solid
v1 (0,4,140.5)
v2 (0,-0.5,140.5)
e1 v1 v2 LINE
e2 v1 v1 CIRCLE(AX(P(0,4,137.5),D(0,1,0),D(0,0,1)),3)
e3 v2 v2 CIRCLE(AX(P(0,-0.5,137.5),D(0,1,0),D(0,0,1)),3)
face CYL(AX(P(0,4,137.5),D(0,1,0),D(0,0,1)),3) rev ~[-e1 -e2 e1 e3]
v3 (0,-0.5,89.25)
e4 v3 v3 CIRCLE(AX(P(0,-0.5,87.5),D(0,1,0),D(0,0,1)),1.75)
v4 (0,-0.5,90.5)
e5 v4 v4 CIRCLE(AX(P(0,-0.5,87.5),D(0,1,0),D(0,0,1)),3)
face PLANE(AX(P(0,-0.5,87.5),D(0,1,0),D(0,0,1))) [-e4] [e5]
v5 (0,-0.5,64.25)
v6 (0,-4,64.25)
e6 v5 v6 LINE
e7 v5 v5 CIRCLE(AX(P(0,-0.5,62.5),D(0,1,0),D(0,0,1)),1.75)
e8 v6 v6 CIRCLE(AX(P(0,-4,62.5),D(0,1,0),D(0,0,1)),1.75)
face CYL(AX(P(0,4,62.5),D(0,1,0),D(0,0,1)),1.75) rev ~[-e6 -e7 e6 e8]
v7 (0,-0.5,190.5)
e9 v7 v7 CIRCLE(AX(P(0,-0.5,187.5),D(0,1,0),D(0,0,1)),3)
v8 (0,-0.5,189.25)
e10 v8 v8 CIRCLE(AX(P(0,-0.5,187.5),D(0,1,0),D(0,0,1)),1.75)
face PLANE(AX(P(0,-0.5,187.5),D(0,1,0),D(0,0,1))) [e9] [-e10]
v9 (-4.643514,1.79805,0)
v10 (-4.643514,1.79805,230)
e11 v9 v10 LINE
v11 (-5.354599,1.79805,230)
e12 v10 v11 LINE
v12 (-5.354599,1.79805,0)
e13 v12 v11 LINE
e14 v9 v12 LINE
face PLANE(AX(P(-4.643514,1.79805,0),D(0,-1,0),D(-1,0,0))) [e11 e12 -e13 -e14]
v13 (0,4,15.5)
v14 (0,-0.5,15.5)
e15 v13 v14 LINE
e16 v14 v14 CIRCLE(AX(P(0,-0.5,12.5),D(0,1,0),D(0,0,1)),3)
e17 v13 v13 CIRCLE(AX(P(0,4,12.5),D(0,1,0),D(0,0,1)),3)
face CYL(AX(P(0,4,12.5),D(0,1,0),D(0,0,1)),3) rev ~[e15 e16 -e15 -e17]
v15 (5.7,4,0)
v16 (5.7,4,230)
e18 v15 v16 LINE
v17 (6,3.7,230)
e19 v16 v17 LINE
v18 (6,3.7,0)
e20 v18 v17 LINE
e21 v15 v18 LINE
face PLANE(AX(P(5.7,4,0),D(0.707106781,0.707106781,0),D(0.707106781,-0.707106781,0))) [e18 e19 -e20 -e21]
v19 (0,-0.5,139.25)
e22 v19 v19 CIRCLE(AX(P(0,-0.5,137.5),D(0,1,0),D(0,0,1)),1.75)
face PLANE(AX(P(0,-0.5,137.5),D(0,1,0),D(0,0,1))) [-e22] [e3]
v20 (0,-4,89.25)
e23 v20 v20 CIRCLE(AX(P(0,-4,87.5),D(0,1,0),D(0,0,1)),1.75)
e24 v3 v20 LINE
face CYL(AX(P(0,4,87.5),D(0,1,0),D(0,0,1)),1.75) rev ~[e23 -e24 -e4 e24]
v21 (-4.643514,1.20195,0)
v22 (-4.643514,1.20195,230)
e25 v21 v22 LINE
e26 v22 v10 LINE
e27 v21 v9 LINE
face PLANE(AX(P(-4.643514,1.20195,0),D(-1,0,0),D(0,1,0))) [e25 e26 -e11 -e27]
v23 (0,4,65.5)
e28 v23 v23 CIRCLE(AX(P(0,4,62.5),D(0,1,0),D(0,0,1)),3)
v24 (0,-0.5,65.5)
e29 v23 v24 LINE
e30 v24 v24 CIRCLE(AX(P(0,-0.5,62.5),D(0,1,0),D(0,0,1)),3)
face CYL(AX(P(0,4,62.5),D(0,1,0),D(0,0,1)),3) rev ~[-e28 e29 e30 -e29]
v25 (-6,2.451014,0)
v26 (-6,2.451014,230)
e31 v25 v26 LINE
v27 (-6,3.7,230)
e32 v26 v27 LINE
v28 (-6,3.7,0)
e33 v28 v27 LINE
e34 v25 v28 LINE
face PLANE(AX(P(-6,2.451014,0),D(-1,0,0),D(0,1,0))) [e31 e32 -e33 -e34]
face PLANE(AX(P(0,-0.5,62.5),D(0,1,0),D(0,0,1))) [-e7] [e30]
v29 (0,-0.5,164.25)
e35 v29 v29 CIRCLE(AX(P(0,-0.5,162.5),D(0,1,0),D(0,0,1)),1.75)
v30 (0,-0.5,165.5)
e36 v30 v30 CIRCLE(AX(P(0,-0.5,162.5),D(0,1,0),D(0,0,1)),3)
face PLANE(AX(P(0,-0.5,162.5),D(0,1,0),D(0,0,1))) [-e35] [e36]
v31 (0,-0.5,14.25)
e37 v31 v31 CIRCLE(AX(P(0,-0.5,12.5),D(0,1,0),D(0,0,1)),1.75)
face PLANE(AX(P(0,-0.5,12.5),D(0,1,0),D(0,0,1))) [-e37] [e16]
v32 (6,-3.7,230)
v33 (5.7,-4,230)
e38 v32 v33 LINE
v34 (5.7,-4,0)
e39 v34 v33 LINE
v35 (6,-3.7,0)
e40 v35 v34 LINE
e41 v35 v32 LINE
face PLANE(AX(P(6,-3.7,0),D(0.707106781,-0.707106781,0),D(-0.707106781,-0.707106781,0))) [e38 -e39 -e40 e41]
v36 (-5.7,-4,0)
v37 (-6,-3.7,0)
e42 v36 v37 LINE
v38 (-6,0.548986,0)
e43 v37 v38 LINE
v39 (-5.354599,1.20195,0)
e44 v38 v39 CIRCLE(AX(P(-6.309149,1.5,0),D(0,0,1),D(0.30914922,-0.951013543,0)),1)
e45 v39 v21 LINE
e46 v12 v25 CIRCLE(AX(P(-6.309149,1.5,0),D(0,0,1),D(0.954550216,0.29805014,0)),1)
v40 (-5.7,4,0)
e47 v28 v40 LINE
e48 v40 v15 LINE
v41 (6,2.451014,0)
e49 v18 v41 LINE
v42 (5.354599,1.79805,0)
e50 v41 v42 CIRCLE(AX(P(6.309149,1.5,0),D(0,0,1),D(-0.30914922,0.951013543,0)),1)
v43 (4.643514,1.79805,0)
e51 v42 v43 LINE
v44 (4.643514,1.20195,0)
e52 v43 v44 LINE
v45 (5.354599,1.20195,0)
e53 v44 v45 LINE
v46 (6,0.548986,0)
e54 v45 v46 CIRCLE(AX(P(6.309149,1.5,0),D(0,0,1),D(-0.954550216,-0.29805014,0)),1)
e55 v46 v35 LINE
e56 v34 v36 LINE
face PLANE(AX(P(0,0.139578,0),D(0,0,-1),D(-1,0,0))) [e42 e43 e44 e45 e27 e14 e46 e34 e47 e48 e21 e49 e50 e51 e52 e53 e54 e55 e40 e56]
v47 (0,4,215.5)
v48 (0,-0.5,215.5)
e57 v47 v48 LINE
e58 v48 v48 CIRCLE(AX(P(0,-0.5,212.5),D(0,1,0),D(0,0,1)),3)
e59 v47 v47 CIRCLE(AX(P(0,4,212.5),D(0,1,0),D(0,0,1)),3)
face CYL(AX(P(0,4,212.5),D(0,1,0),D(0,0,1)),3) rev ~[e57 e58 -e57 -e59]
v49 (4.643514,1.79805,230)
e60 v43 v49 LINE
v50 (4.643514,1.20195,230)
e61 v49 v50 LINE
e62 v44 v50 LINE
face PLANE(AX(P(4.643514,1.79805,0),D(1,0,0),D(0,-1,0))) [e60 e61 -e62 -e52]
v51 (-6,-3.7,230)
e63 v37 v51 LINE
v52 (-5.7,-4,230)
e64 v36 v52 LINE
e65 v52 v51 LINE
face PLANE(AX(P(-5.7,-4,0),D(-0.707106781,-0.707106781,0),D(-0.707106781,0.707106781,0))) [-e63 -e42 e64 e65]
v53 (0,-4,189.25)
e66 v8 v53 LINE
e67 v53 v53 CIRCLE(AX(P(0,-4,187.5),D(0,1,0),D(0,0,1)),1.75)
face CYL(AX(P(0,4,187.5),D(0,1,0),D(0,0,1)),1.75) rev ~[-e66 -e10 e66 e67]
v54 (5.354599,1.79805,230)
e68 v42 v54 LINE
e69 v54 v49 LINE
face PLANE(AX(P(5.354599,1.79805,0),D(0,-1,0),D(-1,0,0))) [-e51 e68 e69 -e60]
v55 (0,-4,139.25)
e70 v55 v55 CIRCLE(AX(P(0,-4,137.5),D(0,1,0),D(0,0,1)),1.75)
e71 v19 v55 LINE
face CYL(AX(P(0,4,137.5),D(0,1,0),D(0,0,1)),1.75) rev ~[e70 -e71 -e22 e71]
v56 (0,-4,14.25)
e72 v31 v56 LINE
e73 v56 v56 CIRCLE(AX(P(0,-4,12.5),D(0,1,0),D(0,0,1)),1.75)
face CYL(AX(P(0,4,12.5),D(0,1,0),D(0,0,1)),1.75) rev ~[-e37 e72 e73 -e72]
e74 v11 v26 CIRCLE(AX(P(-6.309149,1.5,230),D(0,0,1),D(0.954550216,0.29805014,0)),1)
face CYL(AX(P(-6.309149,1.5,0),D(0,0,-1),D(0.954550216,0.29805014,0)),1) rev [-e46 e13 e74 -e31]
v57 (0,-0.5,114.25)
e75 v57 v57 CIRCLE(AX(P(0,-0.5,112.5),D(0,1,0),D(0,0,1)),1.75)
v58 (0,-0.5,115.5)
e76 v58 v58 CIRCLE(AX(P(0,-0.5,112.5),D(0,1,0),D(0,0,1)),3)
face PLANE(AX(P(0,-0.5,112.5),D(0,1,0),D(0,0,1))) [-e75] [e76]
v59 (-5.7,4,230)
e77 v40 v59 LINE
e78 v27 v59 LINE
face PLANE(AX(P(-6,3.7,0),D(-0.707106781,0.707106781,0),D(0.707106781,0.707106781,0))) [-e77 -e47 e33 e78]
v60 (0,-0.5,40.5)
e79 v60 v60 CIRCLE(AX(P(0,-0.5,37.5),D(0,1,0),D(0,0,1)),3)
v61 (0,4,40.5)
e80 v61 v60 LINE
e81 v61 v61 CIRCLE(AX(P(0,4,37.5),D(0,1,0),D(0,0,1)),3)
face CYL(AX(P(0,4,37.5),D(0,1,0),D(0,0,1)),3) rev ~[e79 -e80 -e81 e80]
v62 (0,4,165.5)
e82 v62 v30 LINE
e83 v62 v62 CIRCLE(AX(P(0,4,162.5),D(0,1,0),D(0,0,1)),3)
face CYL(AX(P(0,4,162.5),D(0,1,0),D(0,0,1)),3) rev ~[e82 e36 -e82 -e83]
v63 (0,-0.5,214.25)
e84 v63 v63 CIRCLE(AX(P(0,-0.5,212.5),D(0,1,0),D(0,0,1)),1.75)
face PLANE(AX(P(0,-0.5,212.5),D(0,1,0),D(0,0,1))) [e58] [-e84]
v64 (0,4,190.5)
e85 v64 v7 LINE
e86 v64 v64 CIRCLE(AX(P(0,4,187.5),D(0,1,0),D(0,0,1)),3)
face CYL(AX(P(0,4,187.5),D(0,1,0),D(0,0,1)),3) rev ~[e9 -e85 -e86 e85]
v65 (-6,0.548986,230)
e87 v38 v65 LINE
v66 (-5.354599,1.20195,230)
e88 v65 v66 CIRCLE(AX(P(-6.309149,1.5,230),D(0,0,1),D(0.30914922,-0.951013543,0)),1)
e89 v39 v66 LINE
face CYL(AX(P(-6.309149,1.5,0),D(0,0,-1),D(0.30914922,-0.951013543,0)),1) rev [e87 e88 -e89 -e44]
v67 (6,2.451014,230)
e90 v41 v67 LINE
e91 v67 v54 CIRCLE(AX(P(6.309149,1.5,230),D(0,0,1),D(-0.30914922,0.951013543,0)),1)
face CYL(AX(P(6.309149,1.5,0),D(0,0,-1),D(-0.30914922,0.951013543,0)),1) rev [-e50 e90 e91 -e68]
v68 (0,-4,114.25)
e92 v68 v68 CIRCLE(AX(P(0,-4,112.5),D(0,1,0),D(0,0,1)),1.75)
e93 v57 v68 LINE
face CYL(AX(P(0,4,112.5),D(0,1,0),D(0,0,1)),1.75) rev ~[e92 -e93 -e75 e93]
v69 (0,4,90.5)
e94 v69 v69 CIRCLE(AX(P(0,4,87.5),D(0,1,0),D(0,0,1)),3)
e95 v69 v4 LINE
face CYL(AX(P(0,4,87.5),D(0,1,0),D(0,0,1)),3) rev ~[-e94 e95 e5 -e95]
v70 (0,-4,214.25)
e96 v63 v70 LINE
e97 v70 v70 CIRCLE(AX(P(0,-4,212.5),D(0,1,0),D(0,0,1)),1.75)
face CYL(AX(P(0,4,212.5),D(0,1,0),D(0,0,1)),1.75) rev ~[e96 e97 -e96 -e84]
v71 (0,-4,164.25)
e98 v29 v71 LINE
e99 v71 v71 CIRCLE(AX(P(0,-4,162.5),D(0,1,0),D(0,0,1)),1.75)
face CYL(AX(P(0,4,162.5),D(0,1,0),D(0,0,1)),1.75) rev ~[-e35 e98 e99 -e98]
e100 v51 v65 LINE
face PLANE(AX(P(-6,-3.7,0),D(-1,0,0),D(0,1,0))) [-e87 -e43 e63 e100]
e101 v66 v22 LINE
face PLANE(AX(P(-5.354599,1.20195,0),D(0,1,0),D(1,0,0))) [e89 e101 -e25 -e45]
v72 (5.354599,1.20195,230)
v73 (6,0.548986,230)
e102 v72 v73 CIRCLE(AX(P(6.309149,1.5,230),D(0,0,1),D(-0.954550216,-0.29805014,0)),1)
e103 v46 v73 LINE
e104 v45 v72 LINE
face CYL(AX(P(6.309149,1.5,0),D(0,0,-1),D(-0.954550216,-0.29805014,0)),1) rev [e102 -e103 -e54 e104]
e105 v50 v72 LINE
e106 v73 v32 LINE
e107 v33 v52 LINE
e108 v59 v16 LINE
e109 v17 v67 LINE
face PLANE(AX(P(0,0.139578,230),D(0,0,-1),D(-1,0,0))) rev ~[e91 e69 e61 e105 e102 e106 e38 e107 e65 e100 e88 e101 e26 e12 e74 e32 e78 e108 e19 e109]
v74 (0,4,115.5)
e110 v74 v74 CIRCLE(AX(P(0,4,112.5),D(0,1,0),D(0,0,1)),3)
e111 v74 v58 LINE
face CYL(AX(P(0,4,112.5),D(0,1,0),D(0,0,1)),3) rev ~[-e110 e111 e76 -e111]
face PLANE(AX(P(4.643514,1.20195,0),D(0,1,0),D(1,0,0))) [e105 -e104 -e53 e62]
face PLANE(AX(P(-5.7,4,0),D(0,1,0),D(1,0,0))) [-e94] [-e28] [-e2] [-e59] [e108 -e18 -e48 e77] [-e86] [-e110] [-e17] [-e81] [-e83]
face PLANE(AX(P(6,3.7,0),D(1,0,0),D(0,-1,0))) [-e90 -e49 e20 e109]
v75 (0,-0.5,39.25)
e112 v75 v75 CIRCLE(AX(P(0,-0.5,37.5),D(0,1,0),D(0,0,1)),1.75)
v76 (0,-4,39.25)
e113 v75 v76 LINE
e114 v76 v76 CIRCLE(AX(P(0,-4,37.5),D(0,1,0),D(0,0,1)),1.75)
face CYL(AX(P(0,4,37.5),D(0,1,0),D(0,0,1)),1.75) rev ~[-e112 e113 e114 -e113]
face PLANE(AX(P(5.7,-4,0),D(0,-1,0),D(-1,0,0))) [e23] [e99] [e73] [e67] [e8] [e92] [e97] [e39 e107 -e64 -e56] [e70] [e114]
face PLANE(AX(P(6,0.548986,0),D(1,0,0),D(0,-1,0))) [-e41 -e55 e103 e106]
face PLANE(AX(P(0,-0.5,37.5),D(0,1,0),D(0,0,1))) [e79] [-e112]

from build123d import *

# Parameters (mm, degrees)
EXTRUDE_1_DEPTH        = 230
SKETCH_2_R             = 3
SKETCH_2_R_2           = 1.75
CUT_EXTRUDE_1_DEPTH    = 4.5
SKETCH_2_2_R           = 1.75
CUT_EXTRUDE_2_DEPTH    = 231.217288664
PATTERN_LINEAR_1_COUNT = 10
PATTERN_LINEAR_1_PITCH = 25


with BuildPart() as part:
    # Эскиз1 → Бобышка-Вытянуть1 (new body)
    with BuildSketch(Plane.XY):
        with BuildLine():
            Line((-6, 3.7), (-5.7, 4))
            Line((-5.7, 4), (5.7, 4))
            Line((5.7, 4), (6, 3.7))
            Line((6, 3.7), (6, 2.451013544))
            ThreePointArc((6, 2.451013544), (5.597935912, 2.202976267), (5.354599002, 1.798050138))
            Line((5.354599002, 1.798050138), (4.643514056, 1.798050138))
            Line((4.643514056, 1.798050138), (4.643514056, 1.201949862))
            Line((4.643514056, 1.201949862), (5.354599002, 1.201949862))
            ThreePointArc((5.354599002, 1.201949862), (5.597935912, 0.797023733), (6, 0.548986456))
            Line((6, 0.548986456), (6, -3.7))
            Line((6, -3.7), (5.7, -4))
            Line((5.7, -4), (-5.7, -4))
            Line((-5.7, -4), (-6, -3.7))
            Line((-6, -3.7), (-6, 0.548986456))
            ThreePointArc((-6, 0.548986456), (-5.597935912, 0.797023733), (-5.354599002, 1.201949862))
            Line((-5.354599002, 1.201949862), (-4.643514056, 1.201949862))
            Line((-4.643514056, 1.201949862), (-4.643514056, 1.798050138))
            Line((-4.643514056, 1.798050138), (-5.354599002, 1.798050138))
            ThreePointArc((-5.354599002, 1.798050138), (-5.597935912, 2.202976267), (-6, 2.451013544))
            Line((-6, 2.451013544), (-6, 3.7))
        make_face()
    extrude(amount=EXTRUDE_1_DEPTH)

    # Эскиз2 → Вырез-Вытянуть1 (cut)
    with BuildSketch(Plane(origin=(0, 4, 0), x_dir=(1, 0, 0), z_dir=(0, 1, 0))):
        with Locations((0, -12.5)):
            Circle(SKETCH_2_R)
        with Locations((0, -12.5)):
            Circle(SKETCH_2_R_2, mode=Mode.SUBTRACT)
    cut_extrude_1 = extrude(amount=-CUT_EXTRUDE_1_DEPTH, mode=Mode.SUBTRACT)

    # Эскиз2<2> → Вырез-Вытянуть2 (cut, through all)
    with BuildSketch(Plane(origin=(0, 4, 0), x_dir=(1, 0, 0), z_dir=(0, 1, 0))):
        with Locations((0, -12.5)):
            Circle(SKETCH_2_2_R)
    cut_extrude_2 = extrude(amount=-CUT_EXTRUDE_2_DEPTH, mode=Mode.SUBTRACT)

    # Линейный массив1: Вырез-Вытянуть1, Вырез-Вытянуть2 ×10
    with Locations(*[(0, 0, i * PATTERN_LINEAR_1_PITCH) for i in range(1, PATTERN_LINEAR_1_COUNT)]):
        add(cut_extrude_1, mode=Mode.SUBTRACT)
        add(cut_extrude_2, mode=Mode.SUBTRACT)


solid = part.part
